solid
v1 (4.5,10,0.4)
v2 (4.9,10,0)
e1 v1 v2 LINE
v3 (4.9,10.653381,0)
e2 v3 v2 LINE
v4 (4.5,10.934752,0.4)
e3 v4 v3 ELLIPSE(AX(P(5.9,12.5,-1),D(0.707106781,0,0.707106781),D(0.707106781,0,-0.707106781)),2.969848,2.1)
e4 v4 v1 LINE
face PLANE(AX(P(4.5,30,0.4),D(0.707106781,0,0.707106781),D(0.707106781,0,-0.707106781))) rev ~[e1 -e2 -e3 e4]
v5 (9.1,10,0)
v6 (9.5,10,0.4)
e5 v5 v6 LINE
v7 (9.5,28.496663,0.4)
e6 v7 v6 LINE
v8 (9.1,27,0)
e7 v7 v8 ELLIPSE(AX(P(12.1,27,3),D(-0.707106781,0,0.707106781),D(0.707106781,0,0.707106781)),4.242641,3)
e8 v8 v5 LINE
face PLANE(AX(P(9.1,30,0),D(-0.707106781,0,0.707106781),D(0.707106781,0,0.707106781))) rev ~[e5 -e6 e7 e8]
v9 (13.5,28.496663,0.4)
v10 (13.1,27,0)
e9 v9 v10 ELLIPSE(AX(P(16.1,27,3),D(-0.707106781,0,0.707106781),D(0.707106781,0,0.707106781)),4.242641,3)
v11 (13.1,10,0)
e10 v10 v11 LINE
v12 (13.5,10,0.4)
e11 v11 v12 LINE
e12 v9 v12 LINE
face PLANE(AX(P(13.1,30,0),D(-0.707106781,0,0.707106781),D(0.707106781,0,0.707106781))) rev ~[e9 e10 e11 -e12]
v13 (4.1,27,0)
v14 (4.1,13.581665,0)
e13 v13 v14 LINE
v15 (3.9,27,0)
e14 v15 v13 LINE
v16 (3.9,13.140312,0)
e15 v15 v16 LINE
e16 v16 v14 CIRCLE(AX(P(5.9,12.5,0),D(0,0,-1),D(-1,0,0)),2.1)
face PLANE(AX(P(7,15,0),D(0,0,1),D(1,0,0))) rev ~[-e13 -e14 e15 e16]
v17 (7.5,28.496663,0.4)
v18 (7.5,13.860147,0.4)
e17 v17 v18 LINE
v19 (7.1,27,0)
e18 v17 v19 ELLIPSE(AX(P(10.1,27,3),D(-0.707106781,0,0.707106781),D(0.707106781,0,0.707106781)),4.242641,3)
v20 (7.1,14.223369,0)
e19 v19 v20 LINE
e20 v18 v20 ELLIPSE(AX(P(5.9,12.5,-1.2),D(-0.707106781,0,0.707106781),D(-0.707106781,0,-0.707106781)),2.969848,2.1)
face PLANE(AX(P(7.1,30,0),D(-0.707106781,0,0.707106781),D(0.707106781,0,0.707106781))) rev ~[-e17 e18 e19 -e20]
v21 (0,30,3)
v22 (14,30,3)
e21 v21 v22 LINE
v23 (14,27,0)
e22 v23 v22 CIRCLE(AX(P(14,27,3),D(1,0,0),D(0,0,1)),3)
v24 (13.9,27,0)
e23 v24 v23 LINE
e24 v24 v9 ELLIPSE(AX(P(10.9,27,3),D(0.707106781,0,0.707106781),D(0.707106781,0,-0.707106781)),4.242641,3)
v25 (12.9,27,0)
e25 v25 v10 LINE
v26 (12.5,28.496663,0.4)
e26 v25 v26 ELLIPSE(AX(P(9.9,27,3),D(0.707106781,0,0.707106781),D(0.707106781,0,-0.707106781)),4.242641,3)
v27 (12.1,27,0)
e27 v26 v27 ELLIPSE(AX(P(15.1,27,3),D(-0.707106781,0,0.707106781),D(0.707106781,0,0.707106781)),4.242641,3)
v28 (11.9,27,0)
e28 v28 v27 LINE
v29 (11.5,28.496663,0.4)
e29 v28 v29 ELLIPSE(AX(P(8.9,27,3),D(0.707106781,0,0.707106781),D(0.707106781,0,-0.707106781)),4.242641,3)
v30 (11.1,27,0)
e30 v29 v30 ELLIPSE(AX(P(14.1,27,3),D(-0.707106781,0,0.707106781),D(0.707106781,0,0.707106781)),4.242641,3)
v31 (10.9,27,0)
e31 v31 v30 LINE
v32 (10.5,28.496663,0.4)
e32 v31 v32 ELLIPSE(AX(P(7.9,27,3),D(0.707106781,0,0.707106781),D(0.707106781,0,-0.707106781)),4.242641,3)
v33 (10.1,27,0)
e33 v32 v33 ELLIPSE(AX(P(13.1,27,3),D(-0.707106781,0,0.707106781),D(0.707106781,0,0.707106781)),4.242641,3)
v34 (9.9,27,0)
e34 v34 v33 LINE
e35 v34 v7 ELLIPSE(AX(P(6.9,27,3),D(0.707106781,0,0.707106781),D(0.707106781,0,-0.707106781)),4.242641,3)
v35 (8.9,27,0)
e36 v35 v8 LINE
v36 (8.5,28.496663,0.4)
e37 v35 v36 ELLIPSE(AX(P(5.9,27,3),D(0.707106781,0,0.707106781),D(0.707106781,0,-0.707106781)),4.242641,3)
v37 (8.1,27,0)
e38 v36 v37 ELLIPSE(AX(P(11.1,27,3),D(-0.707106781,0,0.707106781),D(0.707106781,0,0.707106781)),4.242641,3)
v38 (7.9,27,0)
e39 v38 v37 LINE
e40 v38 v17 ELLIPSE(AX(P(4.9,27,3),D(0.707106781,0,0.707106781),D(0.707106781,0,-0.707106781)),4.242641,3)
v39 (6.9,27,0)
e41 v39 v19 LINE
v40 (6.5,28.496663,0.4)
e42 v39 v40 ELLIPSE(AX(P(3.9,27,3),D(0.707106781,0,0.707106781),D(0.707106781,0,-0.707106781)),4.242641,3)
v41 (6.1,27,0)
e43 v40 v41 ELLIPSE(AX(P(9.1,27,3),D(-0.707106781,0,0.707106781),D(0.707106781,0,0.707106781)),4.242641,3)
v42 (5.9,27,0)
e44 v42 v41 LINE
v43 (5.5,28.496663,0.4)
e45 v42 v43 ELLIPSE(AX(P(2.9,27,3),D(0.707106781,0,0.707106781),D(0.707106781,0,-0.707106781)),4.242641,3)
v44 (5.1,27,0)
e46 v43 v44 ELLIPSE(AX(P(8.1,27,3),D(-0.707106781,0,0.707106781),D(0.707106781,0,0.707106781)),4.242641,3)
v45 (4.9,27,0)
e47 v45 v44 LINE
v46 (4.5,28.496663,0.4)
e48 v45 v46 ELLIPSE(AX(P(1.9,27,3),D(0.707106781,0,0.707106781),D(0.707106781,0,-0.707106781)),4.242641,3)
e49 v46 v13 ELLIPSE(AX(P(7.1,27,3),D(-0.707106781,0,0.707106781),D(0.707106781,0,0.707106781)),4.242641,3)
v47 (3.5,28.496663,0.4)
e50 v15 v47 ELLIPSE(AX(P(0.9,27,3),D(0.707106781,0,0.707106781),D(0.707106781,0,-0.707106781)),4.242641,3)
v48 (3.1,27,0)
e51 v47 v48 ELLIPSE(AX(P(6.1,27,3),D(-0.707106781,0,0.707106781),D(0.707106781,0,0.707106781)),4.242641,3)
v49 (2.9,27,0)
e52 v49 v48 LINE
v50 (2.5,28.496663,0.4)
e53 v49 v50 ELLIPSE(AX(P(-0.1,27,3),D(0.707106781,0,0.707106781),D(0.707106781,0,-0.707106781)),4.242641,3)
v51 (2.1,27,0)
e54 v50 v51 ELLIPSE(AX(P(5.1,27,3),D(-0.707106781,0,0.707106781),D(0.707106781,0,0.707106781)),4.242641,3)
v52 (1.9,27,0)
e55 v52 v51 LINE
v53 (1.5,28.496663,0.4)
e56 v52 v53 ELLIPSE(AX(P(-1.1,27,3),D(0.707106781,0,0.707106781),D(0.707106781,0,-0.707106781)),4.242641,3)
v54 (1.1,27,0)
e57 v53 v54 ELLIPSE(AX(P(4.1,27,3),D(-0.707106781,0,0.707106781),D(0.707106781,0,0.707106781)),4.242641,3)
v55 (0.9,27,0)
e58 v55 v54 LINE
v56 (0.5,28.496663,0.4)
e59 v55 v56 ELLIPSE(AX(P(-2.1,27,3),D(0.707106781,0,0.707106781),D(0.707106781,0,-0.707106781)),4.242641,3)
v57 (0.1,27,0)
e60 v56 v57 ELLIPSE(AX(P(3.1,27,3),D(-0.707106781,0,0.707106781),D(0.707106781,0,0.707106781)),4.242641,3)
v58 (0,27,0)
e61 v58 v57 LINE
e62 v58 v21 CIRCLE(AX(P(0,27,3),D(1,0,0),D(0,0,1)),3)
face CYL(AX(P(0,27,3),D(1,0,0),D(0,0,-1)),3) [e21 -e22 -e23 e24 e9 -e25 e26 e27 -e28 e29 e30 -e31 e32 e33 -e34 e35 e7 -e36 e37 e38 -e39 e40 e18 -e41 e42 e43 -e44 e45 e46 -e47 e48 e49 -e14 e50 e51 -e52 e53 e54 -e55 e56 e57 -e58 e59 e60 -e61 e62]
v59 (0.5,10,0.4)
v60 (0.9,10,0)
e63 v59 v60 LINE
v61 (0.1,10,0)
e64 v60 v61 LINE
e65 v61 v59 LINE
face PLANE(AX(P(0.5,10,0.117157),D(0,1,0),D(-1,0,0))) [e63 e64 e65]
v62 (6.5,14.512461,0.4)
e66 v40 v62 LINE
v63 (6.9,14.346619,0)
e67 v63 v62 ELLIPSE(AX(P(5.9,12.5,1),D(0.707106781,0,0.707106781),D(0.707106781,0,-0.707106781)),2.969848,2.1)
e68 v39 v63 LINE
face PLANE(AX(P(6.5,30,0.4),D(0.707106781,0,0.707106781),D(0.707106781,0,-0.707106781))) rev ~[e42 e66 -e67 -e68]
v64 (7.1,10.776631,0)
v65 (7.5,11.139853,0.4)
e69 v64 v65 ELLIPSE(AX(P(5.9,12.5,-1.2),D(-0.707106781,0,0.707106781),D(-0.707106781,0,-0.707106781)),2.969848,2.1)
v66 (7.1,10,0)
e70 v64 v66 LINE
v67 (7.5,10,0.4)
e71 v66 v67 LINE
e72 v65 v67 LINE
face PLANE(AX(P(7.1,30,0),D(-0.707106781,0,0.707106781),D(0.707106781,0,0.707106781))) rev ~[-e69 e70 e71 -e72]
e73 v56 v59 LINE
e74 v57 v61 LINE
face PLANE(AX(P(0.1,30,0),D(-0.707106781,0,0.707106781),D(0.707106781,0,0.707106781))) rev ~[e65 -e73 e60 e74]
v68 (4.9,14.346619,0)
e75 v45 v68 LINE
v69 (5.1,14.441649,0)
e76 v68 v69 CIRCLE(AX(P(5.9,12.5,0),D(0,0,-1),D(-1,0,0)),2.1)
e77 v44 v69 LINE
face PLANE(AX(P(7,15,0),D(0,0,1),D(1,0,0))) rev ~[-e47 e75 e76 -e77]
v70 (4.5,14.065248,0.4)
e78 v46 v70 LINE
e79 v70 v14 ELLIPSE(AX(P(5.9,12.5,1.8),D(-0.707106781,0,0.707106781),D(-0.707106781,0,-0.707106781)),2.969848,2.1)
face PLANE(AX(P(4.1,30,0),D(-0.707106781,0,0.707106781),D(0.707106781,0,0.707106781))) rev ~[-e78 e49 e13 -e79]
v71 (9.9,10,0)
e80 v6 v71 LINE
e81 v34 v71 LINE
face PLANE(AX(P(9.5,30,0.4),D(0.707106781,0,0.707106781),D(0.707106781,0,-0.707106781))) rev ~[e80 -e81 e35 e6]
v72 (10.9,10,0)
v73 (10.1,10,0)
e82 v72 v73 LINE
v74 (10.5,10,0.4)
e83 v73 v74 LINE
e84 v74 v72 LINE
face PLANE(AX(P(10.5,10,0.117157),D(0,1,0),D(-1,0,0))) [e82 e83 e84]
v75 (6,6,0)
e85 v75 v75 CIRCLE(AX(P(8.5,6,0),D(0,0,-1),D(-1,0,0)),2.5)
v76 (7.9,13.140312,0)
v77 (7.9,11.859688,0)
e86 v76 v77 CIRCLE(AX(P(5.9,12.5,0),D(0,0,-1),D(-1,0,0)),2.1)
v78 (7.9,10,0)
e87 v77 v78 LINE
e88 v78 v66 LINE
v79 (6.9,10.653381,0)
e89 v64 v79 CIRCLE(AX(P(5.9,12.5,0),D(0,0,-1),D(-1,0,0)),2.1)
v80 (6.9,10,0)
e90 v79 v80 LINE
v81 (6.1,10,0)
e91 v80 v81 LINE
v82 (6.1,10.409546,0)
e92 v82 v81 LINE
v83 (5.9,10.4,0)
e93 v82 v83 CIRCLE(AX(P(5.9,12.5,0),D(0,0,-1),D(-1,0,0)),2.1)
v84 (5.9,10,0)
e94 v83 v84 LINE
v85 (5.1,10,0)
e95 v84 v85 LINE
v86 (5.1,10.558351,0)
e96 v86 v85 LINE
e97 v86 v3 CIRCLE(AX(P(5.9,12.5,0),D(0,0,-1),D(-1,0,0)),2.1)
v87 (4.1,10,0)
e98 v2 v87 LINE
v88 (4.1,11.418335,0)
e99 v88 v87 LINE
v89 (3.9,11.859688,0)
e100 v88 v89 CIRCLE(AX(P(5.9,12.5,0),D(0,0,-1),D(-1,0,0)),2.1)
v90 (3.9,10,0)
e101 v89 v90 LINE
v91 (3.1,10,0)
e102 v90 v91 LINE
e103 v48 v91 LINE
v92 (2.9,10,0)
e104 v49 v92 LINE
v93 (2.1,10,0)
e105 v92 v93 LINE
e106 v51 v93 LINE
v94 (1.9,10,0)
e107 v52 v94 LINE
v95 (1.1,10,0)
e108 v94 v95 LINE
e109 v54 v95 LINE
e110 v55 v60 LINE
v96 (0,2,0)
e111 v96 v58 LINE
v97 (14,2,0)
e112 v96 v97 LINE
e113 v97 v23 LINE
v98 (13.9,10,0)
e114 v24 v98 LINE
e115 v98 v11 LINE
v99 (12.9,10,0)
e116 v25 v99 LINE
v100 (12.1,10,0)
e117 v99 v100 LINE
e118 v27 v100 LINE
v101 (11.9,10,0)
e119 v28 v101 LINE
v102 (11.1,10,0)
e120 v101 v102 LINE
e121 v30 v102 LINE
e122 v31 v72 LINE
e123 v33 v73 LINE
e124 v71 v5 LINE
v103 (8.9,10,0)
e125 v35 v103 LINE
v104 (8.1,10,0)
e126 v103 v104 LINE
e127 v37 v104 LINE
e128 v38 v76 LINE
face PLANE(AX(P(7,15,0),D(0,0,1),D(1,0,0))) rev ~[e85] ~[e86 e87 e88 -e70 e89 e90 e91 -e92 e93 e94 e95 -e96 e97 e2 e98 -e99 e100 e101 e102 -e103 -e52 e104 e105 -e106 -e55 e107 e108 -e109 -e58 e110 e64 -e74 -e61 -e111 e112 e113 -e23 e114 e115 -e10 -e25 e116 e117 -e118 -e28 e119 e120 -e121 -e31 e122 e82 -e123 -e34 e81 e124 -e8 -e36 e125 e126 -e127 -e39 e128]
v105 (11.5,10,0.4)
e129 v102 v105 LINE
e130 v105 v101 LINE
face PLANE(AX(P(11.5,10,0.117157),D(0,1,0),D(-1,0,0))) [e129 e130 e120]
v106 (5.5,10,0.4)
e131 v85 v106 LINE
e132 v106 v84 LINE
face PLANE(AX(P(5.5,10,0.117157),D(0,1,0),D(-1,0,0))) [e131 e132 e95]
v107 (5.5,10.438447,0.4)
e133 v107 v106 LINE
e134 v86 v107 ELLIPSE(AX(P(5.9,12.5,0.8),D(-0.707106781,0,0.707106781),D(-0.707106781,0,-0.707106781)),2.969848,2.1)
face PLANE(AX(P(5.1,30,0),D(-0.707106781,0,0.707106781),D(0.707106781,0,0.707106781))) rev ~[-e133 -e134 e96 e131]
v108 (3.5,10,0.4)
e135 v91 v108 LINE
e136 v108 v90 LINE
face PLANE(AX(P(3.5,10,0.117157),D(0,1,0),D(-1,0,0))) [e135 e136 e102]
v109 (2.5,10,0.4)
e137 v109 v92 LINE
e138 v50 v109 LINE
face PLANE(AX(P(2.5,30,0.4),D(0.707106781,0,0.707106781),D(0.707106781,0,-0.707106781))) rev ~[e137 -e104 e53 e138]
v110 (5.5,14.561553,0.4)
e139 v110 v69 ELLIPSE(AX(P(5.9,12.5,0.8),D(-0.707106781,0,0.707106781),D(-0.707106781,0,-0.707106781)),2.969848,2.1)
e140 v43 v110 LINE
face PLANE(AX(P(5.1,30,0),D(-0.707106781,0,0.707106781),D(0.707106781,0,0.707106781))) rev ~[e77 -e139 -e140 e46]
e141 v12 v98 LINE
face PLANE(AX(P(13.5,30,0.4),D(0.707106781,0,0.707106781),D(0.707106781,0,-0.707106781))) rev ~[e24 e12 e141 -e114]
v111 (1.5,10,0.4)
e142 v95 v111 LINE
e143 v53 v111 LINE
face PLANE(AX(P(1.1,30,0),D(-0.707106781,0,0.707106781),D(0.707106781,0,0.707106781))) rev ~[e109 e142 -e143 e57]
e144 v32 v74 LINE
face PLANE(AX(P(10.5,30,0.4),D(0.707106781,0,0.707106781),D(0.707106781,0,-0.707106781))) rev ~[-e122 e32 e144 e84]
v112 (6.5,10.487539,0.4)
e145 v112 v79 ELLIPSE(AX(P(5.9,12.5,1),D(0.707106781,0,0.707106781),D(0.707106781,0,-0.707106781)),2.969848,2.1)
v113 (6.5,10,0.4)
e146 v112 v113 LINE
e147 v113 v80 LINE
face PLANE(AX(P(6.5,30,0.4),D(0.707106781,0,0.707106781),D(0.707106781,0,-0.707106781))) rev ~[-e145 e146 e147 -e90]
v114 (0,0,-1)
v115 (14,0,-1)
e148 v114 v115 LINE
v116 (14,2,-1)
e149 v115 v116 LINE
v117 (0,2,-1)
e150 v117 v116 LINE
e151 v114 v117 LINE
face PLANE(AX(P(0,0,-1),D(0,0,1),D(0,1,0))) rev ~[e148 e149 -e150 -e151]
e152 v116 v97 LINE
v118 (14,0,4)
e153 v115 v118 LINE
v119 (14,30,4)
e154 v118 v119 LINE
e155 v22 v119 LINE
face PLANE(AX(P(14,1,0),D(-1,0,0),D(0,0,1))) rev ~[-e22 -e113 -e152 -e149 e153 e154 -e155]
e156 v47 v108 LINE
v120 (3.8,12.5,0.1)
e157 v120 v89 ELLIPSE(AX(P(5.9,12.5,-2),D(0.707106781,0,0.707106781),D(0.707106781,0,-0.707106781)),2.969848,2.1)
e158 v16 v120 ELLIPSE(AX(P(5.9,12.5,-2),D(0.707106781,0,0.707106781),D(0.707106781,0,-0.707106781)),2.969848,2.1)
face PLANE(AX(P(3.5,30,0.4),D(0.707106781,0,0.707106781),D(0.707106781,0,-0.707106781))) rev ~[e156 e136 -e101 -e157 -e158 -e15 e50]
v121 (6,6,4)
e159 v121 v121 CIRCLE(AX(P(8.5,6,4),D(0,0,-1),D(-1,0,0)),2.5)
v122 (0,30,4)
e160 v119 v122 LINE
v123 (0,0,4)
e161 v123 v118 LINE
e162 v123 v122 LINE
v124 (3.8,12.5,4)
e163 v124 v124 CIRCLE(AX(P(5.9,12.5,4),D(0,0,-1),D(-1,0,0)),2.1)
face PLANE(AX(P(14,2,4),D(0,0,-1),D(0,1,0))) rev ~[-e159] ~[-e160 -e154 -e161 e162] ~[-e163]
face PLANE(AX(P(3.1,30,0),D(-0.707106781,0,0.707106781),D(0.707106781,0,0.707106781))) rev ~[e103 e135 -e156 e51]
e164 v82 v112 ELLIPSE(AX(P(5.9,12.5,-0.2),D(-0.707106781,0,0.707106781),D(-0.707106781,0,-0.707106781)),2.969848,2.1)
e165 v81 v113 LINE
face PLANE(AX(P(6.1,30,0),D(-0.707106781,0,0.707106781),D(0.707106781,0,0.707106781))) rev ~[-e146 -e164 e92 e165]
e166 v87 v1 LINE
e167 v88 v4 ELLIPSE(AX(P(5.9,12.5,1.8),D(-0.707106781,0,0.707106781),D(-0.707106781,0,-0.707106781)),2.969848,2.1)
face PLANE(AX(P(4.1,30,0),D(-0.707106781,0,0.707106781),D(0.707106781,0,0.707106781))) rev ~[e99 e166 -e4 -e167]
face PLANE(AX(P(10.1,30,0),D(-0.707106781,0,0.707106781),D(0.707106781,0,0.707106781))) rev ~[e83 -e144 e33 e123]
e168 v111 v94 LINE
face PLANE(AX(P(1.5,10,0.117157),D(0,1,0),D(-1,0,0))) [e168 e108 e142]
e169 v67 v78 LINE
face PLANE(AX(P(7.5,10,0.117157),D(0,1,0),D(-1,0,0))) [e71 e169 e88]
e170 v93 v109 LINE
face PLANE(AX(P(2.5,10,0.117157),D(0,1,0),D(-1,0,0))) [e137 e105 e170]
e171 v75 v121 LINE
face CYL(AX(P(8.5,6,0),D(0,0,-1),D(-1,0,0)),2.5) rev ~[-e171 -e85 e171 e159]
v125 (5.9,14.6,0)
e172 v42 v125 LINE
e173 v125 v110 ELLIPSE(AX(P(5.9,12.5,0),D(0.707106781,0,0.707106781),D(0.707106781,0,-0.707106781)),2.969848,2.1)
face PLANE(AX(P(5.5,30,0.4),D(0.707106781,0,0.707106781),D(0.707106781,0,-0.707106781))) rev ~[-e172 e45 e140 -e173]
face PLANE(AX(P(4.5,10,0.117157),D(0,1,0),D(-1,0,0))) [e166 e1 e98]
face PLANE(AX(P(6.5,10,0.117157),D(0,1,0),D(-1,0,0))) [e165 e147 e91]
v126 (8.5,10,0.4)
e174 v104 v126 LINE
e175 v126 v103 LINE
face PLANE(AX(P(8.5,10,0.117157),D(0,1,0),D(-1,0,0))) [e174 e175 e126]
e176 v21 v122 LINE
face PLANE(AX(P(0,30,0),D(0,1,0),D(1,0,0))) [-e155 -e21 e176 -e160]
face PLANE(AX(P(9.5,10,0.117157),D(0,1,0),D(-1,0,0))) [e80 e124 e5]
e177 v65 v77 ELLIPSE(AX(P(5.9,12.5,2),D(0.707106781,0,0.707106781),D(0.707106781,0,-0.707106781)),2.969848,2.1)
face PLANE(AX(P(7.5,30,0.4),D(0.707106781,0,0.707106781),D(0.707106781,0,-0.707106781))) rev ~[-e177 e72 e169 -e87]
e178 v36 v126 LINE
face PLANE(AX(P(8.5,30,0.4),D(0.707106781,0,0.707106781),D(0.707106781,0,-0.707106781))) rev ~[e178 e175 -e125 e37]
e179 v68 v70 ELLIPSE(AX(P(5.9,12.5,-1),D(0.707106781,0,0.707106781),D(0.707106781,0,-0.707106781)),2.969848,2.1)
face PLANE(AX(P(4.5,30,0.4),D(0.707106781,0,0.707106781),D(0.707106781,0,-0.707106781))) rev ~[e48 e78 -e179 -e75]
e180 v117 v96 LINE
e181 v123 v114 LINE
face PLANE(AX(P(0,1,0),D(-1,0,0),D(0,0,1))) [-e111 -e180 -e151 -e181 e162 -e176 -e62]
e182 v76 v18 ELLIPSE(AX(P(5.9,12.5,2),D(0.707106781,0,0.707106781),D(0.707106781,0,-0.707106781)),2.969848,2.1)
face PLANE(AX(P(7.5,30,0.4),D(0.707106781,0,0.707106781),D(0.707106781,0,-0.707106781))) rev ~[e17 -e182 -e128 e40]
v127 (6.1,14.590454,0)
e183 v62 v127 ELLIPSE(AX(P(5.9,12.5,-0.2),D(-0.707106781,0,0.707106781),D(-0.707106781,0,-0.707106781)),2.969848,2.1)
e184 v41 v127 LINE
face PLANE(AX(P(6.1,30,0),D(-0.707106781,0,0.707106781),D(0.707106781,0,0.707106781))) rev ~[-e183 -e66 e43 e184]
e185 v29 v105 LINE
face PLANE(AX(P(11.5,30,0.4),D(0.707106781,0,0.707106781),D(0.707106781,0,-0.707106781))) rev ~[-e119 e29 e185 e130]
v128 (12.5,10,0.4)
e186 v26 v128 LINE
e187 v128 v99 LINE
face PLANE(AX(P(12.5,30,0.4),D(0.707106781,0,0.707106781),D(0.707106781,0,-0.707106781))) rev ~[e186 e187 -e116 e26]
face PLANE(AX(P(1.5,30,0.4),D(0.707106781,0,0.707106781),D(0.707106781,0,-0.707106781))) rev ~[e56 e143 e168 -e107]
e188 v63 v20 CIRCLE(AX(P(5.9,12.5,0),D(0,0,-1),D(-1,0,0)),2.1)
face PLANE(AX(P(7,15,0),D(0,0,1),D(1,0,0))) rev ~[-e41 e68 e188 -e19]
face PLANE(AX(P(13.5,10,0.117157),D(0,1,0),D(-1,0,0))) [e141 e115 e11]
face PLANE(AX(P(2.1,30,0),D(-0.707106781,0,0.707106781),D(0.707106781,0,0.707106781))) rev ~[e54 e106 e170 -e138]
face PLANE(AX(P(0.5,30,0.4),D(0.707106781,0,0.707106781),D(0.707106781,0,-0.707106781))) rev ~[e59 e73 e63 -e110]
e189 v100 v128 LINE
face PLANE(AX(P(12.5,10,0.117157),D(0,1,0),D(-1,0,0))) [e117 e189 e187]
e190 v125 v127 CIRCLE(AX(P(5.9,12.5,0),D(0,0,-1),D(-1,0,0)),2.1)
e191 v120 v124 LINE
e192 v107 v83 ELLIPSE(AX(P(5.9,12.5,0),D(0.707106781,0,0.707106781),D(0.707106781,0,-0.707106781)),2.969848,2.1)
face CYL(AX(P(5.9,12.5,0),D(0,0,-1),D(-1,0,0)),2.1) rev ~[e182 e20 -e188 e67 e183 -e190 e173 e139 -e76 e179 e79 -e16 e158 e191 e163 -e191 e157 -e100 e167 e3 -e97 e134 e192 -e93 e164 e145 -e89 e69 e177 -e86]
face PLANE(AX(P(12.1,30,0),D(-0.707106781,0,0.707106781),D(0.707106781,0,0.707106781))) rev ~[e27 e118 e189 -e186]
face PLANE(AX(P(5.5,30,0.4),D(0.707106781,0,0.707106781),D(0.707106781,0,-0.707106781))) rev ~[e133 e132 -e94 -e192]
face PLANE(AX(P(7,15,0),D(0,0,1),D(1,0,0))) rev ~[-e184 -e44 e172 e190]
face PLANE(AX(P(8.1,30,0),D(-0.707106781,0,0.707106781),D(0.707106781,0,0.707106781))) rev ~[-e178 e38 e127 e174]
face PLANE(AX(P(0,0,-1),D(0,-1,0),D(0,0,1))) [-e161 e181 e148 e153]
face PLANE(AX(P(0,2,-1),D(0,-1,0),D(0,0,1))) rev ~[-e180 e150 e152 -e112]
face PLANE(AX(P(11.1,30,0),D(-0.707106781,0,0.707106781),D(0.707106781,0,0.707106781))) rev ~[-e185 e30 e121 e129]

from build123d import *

# Parameters (mm, degrees)
ESQUISSE1_W                = 14
ESQUISSE1_H                = 30
BASE_EXTRUSION_DEPTH       = 5
ESQUISSE2_W                = 4
ESQUISSE2_H                = 29
ENL_V_MAT_EXTRU_2_DEPTH    = 34.481338086
CONG_2_R                   = 3
ENL_V_MAT_EXTRU_3_DEPTH    = 20
R_P_TITION_LIN_AIRE1_COUNT = 14
R_P_TITION_LIN_AIRE1_PITCH = 1
ESQUISSE10_W               = 2
ESQUISSE10_H               = 3
ENL_V_MAT_EXTRU_17_DEPTH   = 20
ESQUISSE11_W               = 2
ESQUISSE11_H               = 2
BOSS_EXTRU_2_DEPTH         = 14
ESQUISSE12_R               = 2.5
ENL_V_MAT_EXTRU_18_DEPTH   = 34.346664001
ESQUISSE13_R               = 2.1
ENL_V_MAT_EXTRU_19_DEPTH   = 14


with BuildPart() as part:
    # Esquisse1 → Base-Extrusion (new body)
    with BuildSketch(Plane.XY):
        with Locations((7, 15)):
            Rectangle(ESQUISSE1_W, ESQUISSE1_H)
    extrude(amount=BASE_EXTRUSION_DEPTH)

    # Esquisse2 → Enlèv. mat.-Extru.2 (cut, through all)
    with BuildSketch(Plane(origin=(14, 0, 0), x_dir=(0, 0, -1), z_dir=(1, 0, 0))):
        with Locations((-6, 16.5)):
            Rectangle(ESQUISSE2_W, ESQUISSE2_H)
    extrude(amount=-ENL_V_MAT_EXTRU_2_DEPTH, mode=Mode.SUBTRACT)

    # Congé2
    cong_2_edges = [part.edges().sort_by_distance(p)[0] for p in [
        (7, 30, 0),
    ]]
    fillet(cong_2_edges, radius=CONG_2_R)

    # Esquisse3 → Enlèv. mat.-Extru.3 (cut)
    with BuildSketch(Plane(origin=(0, 30, 0), x_dir=(-1, 0, 0), z_dir=(0, 1, 0))):
        Polygon((-13.9, 0), (-13.1, 0), (-13.5, 0.4), align=None)
    enl_v_mat_extru_3 = extrude(amount=-ENL_V_MAT_EXTRU_3_DEPTH, mode=Mode.SUBTRACT)

    # Répétition linéaire1: Enlèv. mat.-Extru.3 ×14
    with Locations(*[(-i * R_P_TITION_LIN_AIRE1_PITCH, 0, 0) for i in range(1, R_P_TITION_LIN_AIRE1_COUNT)]):
        add(enl_v_mat_extru_3, mode=Mode.SUBTRACT)

    # Esquisse10 → Enlèv. mat.-Extru.17 (cut)
    with BuildSketch(Plane.ZY):
        with Locations((5, 0.5)):
            Rectangle(ESQUISSE10_W, ESQUISSE10_H)
    extrude(amount=-ENL_V_MAT_EXTRU_17_DEPTH, mode=Mode.SUBTRACT)

    # Esquisse11 → Boss.-Extru.2 (add)
    with BuildSketch(Plane.ZY):
        with Locations((0, 1)):
            Rectangle(ESQUISSE11_W, ESQUISSE11_H)
    extrude(amount=-BOSS_EXTRU_2_DEPTH)

    # Esquisse12 → Enlèv. mat.-Extru.18 (cut, through all)
    with BuildSketch(Plane(origin=(0, 0, 0), x_dir=(-1, 0, 0), z_dir=(0, 0, -1))):
        with Locations((-8.5, 6)):
            Circle(ESQUISSE12_R)
    extrude(amount=-ENL_V_MAT_EXTRU_18_DEPTH, mode=Mode.SUBTRACT)

    # Esquisse13 → Enlèv. mat.-Extru.19 (cut)
    with BuildSketch(Plane(origin=(0, 0, 0), x_dir=(-1, 0, 0), z_dir=(0, 0, -1))):
        with Locations((-5.9, 12.5)):
            Circle(ESQUISSE13_R)
    extrude(amount=-ENL_V_MAT_EXTRU_19_DEPTH, mode=Mode.SUBTRACT)


solid = part.part
